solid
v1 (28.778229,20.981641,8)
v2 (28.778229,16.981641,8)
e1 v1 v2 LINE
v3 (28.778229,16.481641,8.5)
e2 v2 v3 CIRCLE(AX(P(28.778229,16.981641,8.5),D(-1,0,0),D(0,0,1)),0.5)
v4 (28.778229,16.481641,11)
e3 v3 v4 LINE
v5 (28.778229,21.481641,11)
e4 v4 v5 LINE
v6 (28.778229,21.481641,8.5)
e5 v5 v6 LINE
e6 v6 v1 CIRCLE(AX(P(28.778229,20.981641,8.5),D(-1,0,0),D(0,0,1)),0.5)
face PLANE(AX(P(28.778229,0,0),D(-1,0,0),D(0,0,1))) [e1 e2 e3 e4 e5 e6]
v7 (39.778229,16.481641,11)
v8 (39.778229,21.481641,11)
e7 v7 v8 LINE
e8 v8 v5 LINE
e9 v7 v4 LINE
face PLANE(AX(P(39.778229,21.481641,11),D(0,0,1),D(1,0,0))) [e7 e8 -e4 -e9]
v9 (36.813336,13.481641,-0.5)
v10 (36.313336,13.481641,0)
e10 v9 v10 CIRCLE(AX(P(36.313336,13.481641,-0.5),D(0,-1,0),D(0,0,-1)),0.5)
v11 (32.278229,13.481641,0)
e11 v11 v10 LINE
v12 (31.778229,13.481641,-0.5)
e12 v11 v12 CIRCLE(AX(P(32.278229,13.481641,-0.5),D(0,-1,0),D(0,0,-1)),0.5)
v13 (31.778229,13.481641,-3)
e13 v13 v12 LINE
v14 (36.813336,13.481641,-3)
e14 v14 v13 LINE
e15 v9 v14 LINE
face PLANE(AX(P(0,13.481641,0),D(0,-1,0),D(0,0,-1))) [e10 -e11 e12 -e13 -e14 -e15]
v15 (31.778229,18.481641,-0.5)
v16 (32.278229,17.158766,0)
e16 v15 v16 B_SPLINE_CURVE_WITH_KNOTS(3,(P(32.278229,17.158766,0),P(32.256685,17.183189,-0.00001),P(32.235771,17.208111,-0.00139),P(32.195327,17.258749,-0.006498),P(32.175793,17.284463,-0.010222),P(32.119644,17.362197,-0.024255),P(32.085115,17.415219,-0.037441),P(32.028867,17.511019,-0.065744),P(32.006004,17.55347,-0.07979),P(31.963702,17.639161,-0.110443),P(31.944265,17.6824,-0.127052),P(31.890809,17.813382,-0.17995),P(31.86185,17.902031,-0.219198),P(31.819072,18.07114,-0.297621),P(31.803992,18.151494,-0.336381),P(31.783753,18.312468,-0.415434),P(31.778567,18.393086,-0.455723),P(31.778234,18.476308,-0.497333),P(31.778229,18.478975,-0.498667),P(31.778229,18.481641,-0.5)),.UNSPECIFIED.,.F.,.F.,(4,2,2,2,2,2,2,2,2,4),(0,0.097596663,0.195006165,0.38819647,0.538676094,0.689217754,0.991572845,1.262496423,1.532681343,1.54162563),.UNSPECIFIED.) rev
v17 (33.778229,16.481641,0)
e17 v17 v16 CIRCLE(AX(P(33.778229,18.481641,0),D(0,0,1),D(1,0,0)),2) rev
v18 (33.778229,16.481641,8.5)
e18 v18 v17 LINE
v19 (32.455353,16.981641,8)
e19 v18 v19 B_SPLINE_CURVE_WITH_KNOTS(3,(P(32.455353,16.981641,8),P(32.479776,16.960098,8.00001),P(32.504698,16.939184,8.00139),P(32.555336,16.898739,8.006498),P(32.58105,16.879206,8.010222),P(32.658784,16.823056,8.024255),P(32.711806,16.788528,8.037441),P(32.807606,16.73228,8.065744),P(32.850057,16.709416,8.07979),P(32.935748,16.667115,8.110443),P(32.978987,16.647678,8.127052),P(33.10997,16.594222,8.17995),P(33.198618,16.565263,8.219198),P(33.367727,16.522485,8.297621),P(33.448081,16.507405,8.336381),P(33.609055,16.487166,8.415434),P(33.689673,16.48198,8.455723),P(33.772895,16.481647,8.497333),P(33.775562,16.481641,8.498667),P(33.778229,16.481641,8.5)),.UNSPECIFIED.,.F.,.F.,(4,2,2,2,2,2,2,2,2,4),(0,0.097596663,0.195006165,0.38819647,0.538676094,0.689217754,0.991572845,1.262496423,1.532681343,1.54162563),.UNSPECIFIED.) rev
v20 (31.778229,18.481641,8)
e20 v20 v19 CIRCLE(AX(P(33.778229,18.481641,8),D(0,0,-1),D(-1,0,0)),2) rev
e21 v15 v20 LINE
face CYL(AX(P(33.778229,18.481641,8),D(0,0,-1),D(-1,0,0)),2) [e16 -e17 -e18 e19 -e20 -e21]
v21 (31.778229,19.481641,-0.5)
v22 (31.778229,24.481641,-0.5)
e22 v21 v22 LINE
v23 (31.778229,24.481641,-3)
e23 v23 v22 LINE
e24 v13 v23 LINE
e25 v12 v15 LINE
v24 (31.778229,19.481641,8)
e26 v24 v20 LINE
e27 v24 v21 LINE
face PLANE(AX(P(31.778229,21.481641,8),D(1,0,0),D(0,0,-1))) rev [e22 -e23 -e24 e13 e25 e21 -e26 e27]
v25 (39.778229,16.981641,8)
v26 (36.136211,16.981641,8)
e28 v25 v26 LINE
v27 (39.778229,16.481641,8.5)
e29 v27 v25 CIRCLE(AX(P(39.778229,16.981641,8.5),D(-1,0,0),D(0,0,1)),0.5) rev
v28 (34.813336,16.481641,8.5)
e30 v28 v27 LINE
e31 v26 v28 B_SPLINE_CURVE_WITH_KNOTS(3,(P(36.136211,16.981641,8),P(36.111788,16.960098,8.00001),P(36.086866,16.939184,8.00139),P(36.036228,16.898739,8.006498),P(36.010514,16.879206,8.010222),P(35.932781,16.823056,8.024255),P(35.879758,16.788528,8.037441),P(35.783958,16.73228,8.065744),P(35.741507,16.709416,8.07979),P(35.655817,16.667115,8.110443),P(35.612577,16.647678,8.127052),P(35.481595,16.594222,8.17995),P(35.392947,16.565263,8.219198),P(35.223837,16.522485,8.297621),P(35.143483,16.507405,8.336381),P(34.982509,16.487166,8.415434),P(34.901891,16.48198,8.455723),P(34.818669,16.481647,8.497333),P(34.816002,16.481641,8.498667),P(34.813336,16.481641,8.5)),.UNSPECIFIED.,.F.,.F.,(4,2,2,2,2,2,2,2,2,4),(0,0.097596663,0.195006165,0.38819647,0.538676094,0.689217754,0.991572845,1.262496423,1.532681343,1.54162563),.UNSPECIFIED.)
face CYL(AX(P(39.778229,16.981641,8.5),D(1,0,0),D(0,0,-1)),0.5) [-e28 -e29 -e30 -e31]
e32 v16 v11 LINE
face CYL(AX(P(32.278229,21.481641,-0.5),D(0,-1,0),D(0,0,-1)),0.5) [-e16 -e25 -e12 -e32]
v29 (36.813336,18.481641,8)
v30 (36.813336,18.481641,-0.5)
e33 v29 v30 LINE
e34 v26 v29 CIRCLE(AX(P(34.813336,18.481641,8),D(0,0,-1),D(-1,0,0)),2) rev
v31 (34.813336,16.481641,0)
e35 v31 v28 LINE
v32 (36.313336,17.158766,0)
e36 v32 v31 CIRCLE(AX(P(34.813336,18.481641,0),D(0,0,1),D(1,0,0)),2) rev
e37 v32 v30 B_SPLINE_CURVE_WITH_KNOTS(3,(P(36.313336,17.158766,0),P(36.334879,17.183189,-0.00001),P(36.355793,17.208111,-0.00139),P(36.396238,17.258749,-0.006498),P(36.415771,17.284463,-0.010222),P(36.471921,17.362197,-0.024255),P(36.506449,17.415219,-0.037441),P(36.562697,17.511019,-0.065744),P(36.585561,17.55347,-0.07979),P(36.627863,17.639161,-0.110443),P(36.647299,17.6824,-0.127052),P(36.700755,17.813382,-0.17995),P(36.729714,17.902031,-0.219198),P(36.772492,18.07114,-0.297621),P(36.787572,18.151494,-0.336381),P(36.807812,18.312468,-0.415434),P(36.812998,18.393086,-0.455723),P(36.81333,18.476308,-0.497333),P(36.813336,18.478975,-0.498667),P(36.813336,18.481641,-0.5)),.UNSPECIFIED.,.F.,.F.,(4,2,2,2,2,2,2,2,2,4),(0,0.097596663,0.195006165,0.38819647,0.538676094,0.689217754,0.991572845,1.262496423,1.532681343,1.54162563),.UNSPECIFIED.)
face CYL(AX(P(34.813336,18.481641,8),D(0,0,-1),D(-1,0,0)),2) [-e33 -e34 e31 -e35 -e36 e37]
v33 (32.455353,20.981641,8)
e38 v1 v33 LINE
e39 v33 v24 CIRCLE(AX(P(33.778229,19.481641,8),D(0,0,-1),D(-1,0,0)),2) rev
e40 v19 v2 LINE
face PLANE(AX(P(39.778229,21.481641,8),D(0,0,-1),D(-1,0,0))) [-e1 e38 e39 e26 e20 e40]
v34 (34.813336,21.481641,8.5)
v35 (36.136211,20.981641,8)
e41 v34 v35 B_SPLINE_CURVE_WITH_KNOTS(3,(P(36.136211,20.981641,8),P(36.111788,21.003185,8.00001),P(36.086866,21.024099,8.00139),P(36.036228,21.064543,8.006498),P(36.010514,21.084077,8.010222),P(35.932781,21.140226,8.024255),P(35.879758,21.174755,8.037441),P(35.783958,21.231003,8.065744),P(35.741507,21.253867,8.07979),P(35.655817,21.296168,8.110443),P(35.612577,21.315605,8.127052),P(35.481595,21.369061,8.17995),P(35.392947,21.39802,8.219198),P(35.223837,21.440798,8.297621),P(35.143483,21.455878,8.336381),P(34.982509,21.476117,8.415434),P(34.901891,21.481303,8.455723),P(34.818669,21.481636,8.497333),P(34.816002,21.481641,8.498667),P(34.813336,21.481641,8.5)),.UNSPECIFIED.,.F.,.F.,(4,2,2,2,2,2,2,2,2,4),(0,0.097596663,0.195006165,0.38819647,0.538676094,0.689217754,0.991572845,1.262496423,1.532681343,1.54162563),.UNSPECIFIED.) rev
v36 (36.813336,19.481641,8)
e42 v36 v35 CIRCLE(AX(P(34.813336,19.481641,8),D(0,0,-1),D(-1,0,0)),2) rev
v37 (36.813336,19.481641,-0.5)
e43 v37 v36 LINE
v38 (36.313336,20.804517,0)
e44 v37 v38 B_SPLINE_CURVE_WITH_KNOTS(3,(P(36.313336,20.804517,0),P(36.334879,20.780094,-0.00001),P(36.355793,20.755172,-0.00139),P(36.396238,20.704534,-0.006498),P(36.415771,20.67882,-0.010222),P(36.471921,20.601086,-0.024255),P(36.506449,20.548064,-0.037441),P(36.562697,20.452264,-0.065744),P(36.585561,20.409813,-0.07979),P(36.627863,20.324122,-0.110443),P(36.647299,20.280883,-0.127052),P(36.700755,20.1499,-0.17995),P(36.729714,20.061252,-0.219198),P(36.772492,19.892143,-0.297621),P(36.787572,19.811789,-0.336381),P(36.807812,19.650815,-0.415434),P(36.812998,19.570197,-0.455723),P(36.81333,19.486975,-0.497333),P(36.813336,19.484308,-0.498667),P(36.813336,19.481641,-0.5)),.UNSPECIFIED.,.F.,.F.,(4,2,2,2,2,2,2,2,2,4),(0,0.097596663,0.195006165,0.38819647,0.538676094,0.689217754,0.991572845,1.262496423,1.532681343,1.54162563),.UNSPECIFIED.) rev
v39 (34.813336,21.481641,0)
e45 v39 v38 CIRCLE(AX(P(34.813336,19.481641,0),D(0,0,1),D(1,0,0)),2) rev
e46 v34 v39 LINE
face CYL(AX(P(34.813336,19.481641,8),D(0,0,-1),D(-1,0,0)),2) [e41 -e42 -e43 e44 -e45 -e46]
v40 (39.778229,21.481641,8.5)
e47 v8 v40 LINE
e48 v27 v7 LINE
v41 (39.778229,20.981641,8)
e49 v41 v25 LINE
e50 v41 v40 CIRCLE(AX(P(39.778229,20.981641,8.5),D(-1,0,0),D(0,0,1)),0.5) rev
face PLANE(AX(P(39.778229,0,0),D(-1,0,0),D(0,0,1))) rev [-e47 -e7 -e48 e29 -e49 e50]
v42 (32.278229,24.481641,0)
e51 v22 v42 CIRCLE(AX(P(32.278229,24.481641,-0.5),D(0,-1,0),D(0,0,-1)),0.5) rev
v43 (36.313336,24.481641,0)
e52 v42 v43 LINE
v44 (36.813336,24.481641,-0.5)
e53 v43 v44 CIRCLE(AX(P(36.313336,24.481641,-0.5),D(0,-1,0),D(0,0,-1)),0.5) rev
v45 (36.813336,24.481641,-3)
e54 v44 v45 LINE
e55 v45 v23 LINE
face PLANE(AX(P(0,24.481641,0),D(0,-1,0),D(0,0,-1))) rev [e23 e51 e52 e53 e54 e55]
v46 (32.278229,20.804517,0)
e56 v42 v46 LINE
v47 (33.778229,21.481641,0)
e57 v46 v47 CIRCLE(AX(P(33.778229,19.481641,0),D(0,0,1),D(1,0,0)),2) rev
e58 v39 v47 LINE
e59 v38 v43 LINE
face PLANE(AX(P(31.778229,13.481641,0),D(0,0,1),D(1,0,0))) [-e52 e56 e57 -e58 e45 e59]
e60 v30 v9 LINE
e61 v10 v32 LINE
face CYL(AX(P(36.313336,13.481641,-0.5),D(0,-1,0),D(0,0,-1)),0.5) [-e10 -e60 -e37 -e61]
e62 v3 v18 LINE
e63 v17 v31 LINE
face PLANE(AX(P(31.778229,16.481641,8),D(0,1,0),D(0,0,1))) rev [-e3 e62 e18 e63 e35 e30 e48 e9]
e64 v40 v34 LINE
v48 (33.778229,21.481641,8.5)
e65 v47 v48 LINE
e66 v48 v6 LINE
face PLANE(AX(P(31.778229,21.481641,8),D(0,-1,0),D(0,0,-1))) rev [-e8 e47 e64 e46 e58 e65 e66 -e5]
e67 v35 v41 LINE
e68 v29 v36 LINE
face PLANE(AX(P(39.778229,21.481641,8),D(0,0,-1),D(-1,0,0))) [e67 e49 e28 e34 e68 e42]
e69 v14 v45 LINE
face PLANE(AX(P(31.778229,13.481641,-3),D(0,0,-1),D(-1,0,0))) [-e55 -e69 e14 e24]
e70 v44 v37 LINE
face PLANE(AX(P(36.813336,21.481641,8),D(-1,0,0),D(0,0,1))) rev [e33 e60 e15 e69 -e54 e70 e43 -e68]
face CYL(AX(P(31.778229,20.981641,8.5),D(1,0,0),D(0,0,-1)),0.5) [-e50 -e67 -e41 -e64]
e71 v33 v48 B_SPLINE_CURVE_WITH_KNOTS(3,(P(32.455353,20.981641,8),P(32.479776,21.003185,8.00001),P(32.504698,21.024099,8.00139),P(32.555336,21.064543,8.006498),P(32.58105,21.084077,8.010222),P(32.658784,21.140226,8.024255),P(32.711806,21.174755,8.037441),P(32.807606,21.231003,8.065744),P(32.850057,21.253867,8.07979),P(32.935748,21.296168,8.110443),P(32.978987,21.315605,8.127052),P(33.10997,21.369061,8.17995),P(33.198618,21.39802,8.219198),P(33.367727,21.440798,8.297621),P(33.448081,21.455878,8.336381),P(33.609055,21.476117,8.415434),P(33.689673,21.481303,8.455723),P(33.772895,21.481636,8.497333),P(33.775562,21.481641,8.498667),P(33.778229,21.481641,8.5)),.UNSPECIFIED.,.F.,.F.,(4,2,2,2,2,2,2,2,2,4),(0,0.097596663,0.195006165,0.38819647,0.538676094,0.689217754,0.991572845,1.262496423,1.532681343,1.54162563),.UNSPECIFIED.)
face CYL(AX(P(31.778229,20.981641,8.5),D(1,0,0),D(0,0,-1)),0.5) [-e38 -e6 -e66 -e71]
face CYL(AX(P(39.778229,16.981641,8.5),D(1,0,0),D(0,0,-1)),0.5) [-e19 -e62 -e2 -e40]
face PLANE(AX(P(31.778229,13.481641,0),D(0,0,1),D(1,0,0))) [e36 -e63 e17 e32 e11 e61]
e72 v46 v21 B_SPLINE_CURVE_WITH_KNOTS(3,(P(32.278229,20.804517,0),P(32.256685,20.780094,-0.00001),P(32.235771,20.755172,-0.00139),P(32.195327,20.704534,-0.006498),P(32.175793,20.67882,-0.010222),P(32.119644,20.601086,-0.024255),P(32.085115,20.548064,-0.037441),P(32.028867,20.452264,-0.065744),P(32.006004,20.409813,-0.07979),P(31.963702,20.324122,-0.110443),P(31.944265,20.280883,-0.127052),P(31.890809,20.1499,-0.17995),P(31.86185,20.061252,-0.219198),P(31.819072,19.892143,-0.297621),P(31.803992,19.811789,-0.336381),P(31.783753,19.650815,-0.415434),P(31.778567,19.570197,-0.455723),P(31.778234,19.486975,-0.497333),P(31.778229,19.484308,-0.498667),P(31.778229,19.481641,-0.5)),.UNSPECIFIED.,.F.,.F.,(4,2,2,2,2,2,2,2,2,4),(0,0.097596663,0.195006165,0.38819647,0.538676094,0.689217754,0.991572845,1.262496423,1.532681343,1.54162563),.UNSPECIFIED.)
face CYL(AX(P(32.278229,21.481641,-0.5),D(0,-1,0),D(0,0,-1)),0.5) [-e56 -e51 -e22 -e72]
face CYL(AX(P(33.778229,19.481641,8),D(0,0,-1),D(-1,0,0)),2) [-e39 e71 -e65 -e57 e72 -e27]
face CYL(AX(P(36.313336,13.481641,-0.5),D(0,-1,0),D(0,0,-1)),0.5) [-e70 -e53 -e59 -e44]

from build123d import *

# Parameters (mm, degrees)
ESQUISSE1_W         = 5.035107038
ESQUISSE1_H         = 5
BASE_DEPTH          = 8
BOSS_1_DEPTH        = 3
BOSS_1_DEPTH_BACK   = 8
ESQUISSE4_W         = 5.035107038
ESQUISSE4_H         = 3
BOSS_2_DEPTH        = 3
BOSS_2_DEPTH_BACK   = 8
ESQUISSE5_W         = 3
ESQUISSE5_H         = 5
CONGE_MILIEU_R      = 2
CONGE_HAUT_ET_BAS_R = 0.5


with BuildPart() as part:
    # Esquisse1 → BASE (new body)
    with BuildSketch(Plane.XY):
        with Locations((34.295782161, 18.98164147)):
            Rectangle(ESQUISSE1_W, ESQUISSE1_H)
    extrude(amount=BASE_DEPTH)

    # Esquisse4 → BOSS 1 (add, two sides: drawn at the far end of the back side and taken through both)
    with BuildSketch(Plane(origin=(0, 21.48164147, 0), x_dir=(1, 0, 0), z_dir=(0, 1, 0)).offset(-BOSS_1_DEPTH_BACK)):
        with Locations((34.295782161, 1.5)):
            Rectangle(ESQUISSE4_W, ESQUISSE4_H)
    extrude(amount=BOSS_1_DEPTH + BOSS_1_DEPTH_BACK)

    # Esquisse5 → BOSS 2 (add, two sides: drawn at the far end of the back side and taken through both)
    with BuildSketch(Plane.ZY.offset(-31.778228642).offset(-BOSS_2_DEPTH_BACK)):
        with Locations((9.5, 18.98164147)):
            Rectangle(ESQUISSE5_W, ESQUISSE5_H)
    extrude(amount=BOSS_2_DEPTH + BOSS_2_DEPTH_BACK)

    # CONGE MILIEU
    conge_milieu_edges = [part.edges().sort_by_distance(p)[0] for p in [
        (36.81333568, 21.48164147, 4),
        (31.778228642, 21.48164147, 4),
        (31.778228642, 16.48164147, 4),
        (36.81333568, 16.48164147, 4),
    ]]
    fillet(conge_milieu_edges, radius=CONGE_MILIEU_R)

    # CONGE HAUT ET BAS
    conge_haut_et_bas_edges = [part.edges().sort_by_distance(p)[0] for p in [
        (36.81333568, 15.98164147, 0),
        (36.81333568, 21.98164147, 0),
        (31.778228642, 15.98164147, 0),
        (31.778228642, 21.98164147, 0),
        (37.295782161, 16.48164147, 8),
        (31.278228642, 16.48164147, 8),
        (37.295782161, 21.48164147, 8),
        (31.278228642, 21.48164147, 8),
    ]]
    fillet(conge_haut_et_bas_edges, radius=CONGE_HAUT_ET_BAS_R)


solid = part.part
